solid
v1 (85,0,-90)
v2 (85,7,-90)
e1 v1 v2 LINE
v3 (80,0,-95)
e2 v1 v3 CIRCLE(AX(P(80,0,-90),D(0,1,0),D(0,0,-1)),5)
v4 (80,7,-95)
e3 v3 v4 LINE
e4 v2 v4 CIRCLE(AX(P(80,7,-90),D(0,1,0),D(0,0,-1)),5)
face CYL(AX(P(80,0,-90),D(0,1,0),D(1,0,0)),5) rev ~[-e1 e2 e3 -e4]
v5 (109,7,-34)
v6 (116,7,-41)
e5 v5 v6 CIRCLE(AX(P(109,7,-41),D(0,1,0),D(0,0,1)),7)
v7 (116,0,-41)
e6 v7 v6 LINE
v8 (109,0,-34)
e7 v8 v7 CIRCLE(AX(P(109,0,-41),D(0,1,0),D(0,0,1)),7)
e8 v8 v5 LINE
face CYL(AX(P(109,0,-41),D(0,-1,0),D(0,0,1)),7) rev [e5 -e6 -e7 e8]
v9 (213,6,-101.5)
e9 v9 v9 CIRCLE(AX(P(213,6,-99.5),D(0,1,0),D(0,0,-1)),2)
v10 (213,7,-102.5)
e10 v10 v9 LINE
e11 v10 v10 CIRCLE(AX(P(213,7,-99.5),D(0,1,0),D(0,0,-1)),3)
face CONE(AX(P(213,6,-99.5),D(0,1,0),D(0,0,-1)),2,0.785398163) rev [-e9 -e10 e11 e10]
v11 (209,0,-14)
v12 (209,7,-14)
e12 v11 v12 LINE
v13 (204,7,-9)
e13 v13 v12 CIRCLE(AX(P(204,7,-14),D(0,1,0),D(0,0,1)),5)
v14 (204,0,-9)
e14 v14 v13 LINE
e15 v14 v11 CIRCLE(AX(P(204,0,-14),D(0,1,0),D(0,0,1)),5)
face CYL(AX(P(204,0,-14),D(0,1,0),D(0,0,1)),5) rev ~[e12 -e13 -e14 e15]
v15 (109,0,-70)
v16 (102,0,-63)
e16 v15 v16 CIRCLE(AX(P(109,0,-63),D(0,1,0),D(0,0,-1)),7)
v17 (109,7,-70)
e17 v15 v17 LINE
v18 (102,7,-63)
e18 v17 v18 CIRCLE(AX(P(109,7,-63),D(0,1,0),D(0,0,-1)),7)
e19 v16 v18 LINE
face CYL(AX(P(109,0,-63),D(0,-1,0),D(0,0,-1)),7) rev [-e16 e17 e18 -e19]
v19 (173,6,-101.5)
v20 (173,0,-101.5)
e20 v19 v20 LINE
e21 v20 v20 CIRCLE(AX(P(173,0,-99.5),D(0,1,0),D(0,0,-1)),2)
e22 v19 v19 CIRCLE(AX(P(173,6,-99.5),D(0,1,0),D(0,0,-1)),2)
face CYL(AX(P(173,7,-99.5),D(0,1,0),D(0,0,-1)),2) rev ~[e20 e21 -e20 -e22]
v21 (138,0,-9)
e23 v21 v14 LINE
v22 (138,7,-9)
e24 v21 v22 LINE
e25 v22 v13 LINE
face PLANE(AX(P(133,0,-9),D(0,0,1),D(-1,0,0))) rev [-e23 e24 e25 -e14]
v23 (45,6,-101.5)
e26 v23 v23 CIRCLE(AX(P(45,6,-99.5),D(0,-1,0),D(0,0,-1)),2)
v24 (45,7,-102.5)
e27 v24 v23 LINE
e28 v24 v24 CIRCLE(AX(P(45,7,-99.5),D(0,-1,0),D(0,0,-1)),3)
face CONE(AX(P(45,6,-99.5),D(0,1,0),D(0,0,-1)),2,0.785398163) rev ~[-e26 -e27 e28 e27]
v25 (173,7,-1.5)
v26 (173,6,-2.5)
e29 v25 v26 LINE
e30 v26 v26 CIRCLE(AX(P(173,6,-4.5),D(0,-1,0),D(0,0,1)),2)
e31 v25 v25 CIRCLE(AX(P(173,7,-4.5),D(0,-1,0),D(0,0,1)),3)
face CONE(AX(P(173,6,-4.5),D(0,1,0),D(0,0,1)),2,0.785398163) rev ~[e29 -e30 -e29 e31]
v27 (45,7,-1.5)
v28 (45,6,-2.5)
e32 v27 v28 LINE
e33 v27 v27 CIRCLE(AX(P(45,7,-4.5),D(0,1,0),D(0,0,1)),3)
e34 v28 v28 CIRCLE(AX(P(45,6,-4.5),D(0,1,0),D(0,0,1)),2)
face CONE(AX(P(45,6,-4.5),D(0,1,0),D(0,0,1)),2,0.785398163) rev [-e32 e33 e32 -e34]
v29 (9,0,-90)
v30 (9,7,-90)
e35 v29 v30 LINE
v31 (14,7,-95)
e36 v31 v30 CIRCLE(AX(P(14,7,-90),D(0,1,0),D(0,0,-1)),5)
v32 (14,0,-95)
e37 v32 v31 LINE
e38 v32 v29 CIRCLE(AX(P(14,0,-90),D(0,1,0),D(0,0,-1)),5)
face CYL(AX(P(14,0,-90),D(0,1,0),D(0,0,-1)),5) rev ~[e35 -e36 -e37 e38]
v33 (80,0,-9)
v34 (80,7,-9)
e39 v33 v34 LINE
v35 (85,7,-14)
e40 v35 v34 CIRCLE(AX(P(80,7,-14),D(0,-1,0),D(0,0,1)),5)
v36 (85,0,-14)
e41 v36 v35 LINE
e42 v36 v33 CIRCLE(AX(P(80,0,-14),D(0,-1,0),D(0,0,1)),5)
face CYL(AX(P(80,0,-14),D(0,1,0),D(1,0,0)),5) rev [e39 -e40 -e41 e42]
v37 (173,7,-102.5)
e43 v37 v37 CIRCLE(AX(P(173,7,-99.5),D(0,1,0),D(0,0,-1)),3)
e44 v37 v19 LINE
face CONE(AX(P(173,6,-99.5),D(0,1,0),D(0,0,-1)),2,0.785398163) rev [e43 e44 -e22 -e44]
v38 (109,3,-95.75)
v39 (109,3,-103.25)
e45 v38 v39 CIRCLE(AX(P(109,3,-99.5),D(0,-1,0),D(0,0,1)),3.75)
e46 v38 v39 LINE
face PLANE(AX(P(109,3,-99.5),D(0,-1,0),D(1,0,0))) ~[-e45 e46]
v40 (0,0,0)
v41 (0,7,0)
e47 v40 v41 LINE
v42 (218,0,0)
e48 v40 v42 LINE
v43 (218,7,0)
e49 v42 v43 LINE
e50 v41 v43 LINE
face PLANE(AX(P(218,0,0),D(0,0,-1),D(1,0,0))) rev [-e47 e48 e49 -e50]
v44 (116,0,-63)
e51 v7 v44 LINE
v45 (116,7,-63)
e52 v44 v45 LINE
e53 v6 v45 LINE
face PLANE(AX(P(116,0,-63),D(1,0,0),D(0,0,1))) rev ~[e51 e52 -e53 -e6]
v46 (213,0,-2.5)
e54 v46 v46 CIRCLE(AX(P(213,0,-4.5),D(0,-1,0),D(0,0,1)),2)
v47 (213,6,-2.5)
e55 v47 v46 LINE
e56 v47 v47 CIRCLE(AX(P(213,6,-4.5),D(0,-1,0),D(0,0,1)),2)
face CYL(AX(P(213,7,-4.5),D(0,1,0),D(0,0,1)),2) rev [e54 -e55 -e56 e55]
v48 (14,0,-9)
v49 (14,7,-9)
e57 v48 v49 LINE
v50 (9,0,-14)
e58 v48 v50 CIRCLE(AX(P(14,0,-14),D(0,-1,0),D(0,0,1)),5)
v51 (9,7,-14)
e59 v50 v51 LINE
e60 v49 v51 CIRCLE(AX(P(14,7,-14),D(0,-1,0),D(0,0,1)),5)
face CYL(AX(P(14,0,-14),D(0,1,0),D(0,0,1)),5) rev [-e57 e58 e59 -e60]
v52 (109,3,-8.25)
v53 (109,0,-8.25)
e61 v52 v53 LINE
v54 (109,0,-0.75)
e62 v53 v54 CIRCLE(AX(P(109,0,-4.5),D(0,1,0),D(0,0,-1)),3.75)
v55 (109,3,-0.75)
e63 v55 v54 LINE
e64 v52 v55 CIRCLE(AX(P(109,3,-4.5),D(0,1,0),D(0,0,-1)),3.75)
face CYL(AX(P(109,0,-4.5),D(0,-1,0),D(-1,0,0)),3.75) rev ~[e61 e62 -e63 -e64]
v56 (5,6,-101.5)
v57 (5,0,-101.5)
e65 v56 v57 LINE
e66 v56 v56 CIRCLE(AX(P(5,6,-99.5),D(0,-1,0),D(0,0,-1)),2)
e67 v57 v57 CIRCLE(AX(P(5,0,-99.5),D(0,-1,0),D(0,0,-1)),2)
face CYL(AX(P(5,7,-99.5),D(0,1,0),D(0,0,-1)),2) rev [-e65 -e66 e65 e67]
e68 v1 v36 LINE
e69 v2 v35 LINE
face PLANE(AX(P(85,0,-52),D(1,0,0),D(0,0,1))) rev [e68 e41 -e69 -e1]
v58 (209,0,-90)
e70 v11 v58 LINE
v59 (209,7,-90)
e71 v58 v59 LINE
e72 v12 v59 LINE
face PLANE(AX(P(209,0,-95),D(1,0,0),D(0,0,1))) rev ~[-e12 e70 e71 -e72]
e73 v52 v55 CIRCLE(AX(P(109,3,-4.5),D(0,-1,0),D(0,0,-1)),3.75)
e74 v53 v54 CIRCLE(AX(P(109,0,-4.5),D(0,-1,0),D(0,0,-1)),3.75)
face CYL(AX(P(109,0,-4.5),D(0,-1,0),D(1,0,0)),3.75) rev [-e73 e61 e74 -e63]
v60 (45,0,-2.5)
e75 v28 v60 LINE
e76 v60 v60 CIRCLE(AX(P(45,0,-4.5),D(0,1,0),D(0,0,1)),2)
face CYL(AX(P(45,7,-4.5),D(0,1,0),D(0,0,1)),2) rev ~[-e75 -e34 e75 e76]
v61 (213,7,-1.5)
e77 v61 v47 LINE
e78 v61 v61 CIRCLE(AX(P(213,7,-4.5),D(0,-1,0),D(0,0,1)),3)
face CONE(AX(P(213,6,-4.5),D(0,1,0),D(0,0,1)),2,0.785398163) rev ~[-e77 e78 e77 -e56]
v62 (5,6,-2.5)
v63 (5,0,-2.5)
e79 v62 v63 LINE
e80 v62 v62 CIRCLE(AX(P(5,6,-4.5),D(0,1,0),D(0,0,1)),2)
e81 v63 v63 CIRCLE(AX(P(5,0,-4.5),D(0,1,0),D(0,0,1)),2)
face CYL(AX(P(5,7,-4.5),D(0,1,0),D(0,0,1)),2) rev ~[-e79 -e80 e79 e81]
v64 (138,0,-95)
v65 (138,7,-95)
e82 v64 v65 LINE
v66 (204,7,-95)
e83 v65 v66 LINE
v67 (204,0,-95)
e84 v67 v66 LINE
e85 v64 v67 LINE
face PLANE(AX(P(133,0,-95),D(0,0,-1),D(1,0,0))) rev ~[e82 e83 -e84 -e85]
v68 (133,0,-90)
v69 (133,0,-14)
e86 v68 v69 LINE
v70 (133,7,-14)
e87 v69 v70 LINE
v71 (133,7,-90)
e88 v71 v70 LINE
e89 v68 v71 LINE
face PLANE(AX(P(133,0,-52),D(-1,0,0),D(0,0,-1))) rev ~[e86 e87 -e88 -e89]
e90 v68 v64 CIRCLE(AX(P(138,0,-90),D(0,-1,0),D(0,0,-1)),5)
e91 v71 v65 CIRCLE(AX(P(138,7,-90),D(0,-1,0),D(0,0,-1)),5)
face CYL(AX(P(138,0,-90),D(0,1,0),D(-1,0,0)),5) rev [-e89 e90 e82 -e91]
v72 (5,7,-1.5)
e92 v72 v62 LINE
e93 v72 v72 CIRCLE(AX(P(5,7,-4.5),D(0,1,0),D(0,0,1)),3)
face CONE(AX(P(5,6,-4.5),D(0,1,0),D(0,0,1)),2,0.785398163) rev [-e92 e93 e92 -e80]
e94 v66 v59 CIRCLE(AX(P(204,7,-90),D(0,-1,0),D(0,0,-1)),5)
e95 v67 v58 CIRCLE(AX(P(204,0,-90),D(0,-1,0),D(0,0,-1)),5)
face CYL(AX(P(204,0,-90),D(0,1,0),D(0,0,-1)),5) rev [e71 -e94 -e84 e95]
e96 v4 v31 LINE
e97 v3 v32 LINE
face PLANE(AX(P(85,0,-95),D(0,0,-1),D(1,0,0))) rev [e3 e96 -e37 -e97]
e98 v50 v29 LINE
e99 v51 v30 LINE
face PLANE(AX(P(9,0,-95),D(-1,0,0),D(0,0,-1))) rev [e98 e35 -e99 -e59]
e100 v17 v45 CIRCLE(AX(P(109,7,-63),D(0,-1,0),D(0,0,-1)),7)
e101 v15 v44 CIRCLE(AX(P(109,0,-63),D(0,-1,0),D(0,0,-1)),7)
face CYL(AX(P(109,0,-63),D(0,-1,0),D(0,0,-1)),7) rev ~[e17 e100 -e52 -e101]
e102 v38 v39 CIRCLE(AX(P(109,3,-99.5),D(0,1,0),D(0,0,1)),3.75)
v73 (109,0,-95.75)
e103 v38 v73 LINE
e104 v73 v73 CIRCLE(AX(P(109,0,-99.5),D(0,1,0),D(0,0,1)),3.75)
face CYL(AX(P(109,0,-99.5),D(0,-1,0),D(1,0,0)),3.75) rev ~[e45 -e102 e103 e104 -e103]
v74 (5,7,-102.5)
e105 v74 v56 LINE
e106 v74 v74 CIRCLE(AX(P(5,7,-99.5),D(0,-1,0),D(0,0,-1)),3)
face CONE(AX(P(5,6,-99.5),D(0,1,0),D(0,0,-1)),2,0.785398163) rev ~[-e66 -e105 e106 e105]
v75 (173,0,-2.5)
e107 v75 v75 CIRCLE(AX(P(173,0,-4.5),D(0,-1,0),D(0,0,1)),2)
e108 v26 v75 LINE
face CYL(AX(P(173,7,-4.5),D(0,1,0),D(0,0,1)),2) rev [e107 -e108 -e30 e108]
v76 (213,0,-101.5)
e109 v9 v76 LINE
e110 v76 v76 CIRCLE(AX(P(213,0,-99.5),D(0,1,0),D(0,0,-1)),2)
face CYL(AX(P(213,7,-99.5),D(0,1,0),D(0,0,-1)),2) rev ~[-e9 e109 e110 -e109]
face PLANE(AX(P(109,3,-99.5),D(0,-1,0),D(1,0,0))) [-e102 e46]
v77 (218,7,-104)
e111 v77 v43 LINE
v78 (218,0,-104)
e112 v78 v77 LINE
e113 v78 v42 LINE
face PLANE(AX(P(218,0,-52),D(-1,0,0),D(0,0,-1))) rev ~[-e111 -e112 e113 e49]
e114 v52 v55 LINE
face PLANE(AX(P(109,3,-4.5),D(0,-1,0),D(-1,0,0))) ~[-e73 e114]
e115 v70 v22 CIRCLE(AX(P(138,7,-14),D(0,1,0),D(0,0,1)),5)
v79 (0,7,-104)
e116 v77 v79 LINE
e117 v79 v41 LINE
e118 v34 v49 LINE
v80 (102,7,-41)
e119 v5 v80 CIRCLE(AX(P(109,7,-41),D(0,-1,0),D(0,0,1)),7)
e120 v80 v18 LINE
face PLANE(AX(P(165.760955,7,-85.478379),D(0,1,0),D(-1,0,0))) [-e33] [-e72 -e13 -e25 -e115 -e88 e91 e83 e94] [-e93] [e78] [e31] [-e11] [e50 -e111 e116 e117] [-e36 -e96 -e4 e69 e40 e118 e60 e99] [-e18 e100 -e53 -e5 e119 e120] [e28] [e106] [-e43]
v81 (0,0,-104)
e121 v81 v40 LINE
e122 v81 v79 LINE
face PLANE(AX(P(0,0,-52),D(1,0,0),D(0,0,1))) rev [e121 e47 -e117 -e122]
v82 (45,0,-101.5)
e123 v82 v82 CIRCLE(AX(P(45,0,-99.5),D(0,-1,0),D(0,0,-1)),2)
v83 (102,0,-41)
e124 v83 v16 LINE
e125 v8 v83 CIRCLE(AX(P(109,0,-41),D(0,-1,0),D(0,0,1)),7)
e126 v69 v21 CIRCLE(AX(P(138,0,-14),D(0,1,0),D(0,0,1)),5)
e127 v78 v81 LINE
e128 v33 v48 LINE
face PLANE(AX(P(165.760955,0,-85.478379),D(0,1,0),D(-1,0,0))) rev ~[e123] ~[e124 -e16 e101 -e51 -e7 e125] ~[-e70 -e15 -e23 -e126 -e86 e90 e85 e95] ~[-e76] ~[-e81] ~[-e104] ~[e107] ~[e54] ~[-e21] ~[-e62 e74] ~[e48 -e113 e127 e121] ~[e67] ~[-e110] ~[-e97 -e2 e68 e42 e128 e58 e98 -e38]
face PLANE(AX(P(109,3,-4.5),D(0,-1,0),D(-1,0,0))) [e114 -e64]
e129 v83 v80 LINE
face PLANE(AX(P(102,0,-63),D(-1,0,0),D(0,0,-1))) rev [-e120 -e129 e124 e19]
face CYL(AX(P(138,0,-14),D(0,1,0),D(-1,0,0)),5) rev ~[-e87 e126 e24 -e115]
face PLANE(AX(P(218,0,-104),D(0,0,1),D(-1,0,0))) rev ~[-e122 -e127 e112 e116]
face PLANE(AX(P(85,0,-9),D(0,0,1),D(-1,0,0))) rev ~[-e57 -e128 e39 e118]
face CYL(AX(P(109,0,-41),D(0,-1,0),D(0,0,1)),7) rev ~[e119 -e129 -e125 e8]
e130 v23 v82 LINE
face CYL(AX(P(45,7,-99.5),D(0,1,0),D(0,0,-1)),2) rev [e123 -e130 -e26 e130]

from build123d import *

# Parameters (mm, degrees)
BOSS_EXTRUDE1_DEPTH = 7
FILLET1_R           = 5
SKETCH2_R           = 2
CUT_EXTRUDE1_DEPTH  = 121.971070922
SKETCH3_R           = 3.75
CUT_EXTRUDE2_DEPTH  = 3
CHAMFER1_SIZE       = 1


with BuildPart() as part:
    # Sketch1 → Boss-Extrude1 (new body)
    with BuildSketch(Plane(origin=(0, 0, 0), x_dir=(1, 0, 0), z_dir=(0, 1, 0))):
        with BuildLine():
            Line((0, 0), (109, 0))
            Line((109, 0), (109, 34))
            ThreePointArc((109, 34), (104.050252532, 36.050252532), (102, 41))
            Line((102, 41), (102, 52))
            Line((102, 52), (85, 52))
            Line((85, 52), (85, 9))
            Line((85, 9), (9, 9))
            Line((9, 9), (9, 52))
            Line((9, 52), (0, 52))
            Line((0, 52), (0, 0))
        make_face()
    extrude(amount=BOSS_EXTRUDE1_DEPTH)

    # Fillet1
    fillet1_edges = [part.edges().sort_by_distance(p)[0] for p in [
        (9, 3.5, -9),
        (85, 3.5, -9),
    ]]
    fillet(fillet1_edges, radius=FILLET1_R)

    # Sketch2 → Cut-Extrude1 (cut, through all)
    with BuildSketch(Plane(origin=(0, 7, 0), x_dir=(1, 0, 0), z_dir=(0, 1, 0))):
        with Locations(Location((5, 4.5, 0), (0, 0, 270))):
            Circle(SKETCH2_R)
        with Locations(Location((45, 4.5, 0), (0, 0, 270))):
            Circle(SKETCH2_R)
    extrude(amount=-CUT_EXTRUDE1_DEPTH, mode=Mode.SUBTRACT)

    # Sketch3 → Cut-Extrude2 (cut)
    with BuildSketch(Plane(origin=(0, 0, 0), x_dir=(-1, 0, 0), z_dir=(0, -1, 0))):
        with Locations((-109, 4.5)):
            Circle(SKETCH3_R)
    extrude(amount=-CUT_EXTRUDE2_DEPTH, mode=Mode.SUBTRACT)

    # Chamfer1
    chamfer1_edges = [part.edges().sort_by_distance(p)[0] for p in [
        (5, 7, -6.5),
        (45, 7, -6.5),
    ]]
    chamfer(chamfer1_edges, length=CHAMFER1_SIZE)

    # Mirror1: part across plane


with BuildPart() as part_1:
    add(part.part)
    add(part.part.mirror(Plane(origin=(9, 7, -52), x_dir=(1, 0, 0), z_dir=(0, 0, 1))))

    # Mirror2: part across plane


with BuildPart() as part_2:
    add(part_1.part)
    add(part_1.part.mirror(Plane(origin=(109, 7, -104), x_dir=(0, 0, 1), z_dir=(-1, 0, 0))))


solid = part_2.part
